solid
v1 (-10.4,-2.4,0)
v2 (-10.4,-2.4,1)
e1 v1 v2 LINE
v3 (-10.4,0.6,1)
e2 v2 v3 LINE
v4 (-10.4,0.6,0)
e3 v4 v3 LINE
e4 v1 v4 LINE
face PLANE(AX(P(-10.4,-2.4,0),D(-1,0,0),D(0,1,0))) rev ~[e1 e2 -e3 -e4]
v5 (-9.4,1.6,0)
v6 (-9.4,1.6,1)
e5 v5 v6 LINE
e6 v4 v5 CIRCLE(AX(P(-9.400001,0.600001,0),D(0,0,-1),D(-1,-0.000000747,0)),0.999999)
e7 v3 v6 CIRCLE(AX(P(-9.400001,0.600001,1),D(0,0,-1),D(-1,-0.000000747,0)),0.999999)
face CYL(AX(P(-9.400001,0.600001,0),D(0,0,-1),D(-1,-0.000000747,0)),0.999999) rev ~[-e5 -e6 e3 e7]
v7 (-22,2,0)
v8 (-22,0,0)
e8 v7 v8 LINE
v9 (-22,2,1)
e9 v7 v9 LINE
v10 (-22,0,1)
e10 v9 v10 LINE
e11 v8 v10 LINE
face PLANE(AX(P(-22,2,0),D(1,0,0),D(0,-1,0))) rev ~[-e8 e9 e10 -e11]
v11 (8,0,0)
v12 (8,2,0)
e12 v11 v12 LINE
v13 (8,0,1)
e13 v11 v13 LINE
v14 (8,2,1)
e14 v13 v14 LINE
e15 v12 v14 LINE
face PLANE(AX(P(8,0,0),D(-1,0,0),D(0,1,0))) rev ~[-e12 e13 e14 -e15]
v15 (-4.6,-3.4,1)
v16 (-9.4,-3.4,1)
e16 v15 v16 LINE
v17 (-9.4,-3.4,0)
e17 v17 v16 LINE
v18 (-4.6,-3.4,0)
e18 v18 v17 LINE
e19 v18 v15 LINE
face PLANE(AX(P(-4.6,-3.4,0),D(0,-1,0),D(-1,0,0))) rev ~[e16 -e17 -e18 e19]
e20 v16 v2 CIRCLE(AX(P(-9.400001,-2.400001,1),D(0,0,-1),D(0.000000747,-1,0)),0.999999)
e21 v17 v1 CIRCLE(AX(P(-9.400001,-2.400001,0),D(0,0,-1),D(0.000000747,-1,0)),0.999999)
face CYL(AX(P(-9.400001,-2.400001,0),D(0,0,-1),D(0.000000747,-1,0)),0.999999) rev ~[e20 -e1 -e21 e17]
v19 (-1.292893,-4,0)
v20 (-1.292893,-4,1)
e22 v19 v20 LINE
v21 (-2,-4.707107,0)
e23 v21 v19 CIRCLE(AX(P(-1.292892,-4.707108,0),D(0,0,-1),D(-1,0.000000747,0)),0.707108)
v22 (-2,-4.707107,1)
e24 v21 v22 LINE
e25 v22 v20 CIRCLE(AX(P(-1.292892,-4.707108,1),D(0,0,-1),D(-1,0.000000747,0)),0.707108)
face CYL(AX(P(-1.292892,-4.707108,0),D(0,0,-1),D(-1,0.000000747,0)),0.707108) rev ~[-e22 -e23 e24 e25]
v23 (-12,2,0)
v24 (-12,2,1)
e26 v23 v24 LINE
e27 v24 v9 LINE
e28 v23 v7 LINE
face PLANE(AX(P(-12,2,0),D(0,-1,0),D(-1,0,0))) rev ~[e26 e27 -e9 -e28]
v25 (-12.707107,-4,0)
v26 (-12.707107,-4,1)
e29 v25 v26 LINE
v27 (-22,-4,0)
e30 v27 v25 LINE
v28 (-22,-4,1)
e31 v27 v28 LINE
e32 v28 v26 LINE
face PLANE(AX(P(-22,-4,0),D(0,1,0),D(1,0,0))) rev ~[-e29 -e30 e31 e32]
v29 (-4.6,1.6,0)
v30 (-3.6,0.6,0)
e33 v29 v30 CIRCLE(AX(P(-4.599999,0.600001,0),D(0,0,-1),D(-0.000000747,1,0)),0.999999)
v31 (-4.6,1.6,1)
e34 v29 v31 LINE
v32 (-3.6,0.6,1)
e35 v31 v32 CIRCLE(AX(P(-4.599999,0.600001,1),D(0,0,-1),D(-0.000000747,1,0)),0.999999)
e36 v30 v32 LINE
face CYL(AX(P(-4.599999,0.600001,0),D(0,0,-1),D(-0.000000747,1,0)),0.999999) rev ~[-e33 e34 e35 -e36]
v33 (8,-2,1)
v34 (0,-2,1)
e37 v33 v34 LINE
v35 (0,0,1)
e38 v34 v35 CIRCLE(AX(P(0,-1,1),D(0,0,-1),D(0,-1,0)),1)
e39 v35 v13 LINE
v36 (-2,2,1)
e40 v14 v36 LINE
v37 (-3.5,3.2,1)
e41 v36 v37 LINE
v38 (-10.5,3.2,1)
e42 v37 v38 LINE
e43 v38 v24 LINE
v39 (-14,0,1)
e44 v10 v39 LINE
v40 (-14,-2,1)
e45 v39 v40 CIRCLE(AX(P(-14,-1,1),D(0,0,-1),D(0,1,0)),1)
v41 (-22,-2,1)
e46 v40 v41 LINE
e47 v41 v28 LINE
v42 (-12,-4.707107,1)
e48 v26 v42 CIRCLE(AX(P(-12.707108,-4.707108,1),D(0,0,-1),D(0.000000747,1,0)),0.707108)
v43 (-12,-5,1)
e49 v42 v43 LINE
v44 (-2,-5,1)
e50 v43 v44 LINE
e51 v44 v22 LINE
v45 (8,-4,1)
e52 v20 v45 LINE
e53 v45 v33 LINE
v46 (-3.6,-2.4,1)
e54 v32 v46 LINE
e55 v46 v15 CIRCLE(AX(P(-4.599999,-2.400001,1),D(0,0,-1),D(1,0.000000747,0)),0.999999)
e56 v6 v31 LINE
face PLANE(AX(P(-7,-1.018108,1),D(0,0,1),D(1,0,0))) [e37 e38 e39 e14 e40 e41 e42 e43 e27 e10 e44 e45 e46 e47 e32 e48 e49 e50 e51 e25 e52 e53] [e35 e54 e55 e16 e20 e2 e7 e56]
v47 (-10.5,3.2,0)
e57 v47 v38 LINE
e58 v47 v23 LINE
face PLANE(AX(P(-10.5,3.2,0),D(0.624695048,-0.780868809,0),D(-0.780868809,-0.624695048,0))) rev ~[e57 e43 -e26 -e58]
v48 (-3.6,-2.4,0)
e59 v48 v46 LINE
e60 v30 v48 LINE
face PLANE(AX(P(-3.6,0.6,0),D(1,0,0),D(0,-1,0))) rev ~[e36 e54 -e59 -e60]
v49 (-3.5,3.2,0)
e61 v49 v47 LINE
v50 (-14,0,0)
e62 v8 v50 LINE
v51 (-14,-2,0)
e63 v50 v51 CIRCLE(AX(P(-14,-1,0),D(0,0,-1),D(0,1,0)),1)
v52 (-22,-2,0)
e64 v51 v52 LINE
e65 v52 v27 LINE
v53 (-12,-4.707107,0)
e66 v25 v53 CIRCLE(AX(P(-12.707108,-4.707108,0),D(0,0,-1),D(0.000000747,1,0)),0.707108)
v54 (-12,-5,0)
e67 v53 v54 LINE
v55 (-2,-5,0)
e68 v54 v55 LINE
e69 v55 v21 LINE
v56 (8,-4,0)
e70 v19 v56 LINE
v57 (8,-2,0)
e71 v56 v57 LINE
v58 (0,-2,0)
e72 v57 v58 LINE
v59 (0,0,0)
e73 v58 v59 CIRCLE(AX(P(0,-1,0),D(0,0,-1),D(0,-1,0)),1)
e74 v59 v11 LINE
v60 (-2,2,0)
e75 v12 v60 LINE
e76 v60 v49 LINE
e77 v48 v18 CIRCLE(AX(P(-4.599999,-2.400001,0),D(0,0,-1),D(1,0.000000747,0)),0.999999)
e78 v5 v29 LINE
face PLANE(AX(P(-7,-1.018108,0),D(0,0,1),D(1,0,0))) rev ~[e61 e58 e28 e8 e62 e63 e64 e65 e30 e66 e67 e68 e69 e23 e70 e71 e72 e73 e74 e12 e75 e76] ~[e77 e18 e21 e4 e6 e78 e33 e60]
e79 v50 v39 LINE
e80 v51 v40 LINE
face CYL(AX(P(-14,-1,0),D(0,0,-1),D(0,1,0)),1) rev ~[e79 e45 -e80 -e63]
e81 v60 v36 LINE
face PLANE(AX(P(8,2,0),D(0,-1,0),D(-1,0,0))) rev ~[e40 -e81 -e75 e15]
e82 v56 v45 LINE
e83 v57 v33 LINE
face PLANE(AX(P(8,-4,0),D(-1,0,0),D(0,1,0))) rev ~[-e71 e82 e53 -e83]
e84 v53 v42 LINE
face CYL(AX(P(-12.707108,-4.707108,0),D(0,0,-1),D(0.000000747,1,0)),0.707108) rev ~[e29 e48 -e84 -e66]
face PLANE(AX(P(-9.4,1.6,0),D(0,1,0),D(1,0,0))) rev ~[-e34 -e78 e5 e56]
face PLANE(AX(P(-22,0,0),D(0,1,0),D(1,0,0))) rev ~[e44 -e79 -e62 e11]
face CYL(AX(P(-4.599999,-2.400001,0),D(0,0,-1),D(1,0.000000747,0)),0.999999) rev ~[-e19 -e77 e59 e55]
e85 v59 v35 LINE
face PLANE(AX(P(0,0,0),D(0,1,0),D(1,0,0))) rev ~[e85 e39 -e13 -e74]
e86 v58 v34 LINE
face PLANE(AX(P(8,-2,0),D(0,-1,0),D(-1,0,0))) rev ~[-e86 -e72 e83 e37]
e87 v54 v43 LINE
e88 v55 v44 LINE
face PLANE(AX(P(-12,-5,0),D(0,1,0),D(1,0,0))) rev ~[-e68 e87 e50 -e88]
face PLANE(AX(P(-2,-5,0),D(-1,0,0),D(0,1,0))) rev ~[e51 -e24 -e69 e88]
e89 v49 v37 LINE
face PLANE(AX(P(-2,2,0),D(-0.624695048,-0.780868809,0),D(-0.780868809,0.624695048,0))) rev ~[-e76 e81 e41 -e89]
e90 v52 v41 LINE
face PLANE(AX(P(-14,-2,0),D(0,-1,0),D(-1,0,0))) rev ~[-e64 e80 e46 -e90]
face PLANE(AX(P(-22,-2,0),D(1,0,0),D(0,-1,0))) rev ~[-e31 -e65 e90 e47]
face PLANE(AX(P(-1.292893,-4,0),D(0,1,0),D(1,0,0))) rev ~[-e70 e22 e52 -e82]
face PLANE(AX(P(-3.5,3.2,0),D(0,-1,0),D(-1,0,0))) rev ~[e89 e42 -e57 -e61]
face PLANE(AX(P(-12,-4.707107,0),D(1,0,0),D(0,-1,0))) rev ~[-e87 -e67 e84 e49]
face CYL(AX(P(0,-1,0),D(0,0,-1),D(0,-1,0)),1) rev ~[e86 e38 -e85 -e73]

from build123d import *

# Parameters (mm, degrees)
F1_DEPTH = 1


with BuildPart() as f1:
    # F0 (on Top) → F1 (new body)
    with BuildSketch(Plane.XY):
        with BuildLine():
            ThreePointArc((0, -2), (-1, -1), (0, 0))
            Line((0, 0), (8, 0))
            Line((8, 0), (8, 2))
            Line((8, 2), (-2, 2))
            Line((-2, 2), (-3.5, 3.2))
            Line((-3.5, 3.2), (-10.5, 3.2))
            Line((-10.5, 3.2), (-12, 2))
            Line((-12, 2), (-22, 2))
            Line((-22, 2), (-22, 0))
            Line((-22, 0), (-14, 0))
            ThreePointArc((-14, 0), (-13, -1), (-14, -2))
            Line((-14, -2), (-22, -2))
            Line((-22, -2), (-22, -4))
            Line((-22, -4), (-12.707107, -4))
            ThreePointArc((-12.707107, -4), (-12.207107, -4.207107), (-12, -4.707107))
            Line((-12, -4.707107), (-12, -5))
            Line((-12, -5), (-2, -5))
            Line((-2, -5), (-2, -4.707107))
            ThreePointArc((-2, -4.707107), (-1.792893, -4.207107), (-1.292893, -4))
            Line((-1.292893, -4), (8, -4))
            Line((8, -4), (8, -2))
            Line((8, -2), (0, -2))
        make_face()
        with BuildLine():
            Line((-4.6, -3.4), (-9.4, -3.4))
            ThreePointArc((-9.4, -3.4), (-10.107107, -3.107107), (-10.4, -2.4))
            Line((-10.4, -2.4), (-10.4, 0.6))
            ThreePointArc((-10.4, 0.6), (-10.107107, 1.307107), (-9.4, 1.6))
            Line((-9.4, 1.6), (-4.6, 1.6))
            ThreePointArc((-4.6, 1.6), (-3.892893, 1.307107), (-3.6, 0.6))
            Line((-3.6, 0.6), (-3.6, -2.4))
            ThreePointArc((-3.6, -2.4), (-3.892893, -3.107107), (-4.6, -3.4))
        make_face(mode=Mode.SUBTRACT)
    extrude(amount=F1_DEPTH)


solid = f1.part
